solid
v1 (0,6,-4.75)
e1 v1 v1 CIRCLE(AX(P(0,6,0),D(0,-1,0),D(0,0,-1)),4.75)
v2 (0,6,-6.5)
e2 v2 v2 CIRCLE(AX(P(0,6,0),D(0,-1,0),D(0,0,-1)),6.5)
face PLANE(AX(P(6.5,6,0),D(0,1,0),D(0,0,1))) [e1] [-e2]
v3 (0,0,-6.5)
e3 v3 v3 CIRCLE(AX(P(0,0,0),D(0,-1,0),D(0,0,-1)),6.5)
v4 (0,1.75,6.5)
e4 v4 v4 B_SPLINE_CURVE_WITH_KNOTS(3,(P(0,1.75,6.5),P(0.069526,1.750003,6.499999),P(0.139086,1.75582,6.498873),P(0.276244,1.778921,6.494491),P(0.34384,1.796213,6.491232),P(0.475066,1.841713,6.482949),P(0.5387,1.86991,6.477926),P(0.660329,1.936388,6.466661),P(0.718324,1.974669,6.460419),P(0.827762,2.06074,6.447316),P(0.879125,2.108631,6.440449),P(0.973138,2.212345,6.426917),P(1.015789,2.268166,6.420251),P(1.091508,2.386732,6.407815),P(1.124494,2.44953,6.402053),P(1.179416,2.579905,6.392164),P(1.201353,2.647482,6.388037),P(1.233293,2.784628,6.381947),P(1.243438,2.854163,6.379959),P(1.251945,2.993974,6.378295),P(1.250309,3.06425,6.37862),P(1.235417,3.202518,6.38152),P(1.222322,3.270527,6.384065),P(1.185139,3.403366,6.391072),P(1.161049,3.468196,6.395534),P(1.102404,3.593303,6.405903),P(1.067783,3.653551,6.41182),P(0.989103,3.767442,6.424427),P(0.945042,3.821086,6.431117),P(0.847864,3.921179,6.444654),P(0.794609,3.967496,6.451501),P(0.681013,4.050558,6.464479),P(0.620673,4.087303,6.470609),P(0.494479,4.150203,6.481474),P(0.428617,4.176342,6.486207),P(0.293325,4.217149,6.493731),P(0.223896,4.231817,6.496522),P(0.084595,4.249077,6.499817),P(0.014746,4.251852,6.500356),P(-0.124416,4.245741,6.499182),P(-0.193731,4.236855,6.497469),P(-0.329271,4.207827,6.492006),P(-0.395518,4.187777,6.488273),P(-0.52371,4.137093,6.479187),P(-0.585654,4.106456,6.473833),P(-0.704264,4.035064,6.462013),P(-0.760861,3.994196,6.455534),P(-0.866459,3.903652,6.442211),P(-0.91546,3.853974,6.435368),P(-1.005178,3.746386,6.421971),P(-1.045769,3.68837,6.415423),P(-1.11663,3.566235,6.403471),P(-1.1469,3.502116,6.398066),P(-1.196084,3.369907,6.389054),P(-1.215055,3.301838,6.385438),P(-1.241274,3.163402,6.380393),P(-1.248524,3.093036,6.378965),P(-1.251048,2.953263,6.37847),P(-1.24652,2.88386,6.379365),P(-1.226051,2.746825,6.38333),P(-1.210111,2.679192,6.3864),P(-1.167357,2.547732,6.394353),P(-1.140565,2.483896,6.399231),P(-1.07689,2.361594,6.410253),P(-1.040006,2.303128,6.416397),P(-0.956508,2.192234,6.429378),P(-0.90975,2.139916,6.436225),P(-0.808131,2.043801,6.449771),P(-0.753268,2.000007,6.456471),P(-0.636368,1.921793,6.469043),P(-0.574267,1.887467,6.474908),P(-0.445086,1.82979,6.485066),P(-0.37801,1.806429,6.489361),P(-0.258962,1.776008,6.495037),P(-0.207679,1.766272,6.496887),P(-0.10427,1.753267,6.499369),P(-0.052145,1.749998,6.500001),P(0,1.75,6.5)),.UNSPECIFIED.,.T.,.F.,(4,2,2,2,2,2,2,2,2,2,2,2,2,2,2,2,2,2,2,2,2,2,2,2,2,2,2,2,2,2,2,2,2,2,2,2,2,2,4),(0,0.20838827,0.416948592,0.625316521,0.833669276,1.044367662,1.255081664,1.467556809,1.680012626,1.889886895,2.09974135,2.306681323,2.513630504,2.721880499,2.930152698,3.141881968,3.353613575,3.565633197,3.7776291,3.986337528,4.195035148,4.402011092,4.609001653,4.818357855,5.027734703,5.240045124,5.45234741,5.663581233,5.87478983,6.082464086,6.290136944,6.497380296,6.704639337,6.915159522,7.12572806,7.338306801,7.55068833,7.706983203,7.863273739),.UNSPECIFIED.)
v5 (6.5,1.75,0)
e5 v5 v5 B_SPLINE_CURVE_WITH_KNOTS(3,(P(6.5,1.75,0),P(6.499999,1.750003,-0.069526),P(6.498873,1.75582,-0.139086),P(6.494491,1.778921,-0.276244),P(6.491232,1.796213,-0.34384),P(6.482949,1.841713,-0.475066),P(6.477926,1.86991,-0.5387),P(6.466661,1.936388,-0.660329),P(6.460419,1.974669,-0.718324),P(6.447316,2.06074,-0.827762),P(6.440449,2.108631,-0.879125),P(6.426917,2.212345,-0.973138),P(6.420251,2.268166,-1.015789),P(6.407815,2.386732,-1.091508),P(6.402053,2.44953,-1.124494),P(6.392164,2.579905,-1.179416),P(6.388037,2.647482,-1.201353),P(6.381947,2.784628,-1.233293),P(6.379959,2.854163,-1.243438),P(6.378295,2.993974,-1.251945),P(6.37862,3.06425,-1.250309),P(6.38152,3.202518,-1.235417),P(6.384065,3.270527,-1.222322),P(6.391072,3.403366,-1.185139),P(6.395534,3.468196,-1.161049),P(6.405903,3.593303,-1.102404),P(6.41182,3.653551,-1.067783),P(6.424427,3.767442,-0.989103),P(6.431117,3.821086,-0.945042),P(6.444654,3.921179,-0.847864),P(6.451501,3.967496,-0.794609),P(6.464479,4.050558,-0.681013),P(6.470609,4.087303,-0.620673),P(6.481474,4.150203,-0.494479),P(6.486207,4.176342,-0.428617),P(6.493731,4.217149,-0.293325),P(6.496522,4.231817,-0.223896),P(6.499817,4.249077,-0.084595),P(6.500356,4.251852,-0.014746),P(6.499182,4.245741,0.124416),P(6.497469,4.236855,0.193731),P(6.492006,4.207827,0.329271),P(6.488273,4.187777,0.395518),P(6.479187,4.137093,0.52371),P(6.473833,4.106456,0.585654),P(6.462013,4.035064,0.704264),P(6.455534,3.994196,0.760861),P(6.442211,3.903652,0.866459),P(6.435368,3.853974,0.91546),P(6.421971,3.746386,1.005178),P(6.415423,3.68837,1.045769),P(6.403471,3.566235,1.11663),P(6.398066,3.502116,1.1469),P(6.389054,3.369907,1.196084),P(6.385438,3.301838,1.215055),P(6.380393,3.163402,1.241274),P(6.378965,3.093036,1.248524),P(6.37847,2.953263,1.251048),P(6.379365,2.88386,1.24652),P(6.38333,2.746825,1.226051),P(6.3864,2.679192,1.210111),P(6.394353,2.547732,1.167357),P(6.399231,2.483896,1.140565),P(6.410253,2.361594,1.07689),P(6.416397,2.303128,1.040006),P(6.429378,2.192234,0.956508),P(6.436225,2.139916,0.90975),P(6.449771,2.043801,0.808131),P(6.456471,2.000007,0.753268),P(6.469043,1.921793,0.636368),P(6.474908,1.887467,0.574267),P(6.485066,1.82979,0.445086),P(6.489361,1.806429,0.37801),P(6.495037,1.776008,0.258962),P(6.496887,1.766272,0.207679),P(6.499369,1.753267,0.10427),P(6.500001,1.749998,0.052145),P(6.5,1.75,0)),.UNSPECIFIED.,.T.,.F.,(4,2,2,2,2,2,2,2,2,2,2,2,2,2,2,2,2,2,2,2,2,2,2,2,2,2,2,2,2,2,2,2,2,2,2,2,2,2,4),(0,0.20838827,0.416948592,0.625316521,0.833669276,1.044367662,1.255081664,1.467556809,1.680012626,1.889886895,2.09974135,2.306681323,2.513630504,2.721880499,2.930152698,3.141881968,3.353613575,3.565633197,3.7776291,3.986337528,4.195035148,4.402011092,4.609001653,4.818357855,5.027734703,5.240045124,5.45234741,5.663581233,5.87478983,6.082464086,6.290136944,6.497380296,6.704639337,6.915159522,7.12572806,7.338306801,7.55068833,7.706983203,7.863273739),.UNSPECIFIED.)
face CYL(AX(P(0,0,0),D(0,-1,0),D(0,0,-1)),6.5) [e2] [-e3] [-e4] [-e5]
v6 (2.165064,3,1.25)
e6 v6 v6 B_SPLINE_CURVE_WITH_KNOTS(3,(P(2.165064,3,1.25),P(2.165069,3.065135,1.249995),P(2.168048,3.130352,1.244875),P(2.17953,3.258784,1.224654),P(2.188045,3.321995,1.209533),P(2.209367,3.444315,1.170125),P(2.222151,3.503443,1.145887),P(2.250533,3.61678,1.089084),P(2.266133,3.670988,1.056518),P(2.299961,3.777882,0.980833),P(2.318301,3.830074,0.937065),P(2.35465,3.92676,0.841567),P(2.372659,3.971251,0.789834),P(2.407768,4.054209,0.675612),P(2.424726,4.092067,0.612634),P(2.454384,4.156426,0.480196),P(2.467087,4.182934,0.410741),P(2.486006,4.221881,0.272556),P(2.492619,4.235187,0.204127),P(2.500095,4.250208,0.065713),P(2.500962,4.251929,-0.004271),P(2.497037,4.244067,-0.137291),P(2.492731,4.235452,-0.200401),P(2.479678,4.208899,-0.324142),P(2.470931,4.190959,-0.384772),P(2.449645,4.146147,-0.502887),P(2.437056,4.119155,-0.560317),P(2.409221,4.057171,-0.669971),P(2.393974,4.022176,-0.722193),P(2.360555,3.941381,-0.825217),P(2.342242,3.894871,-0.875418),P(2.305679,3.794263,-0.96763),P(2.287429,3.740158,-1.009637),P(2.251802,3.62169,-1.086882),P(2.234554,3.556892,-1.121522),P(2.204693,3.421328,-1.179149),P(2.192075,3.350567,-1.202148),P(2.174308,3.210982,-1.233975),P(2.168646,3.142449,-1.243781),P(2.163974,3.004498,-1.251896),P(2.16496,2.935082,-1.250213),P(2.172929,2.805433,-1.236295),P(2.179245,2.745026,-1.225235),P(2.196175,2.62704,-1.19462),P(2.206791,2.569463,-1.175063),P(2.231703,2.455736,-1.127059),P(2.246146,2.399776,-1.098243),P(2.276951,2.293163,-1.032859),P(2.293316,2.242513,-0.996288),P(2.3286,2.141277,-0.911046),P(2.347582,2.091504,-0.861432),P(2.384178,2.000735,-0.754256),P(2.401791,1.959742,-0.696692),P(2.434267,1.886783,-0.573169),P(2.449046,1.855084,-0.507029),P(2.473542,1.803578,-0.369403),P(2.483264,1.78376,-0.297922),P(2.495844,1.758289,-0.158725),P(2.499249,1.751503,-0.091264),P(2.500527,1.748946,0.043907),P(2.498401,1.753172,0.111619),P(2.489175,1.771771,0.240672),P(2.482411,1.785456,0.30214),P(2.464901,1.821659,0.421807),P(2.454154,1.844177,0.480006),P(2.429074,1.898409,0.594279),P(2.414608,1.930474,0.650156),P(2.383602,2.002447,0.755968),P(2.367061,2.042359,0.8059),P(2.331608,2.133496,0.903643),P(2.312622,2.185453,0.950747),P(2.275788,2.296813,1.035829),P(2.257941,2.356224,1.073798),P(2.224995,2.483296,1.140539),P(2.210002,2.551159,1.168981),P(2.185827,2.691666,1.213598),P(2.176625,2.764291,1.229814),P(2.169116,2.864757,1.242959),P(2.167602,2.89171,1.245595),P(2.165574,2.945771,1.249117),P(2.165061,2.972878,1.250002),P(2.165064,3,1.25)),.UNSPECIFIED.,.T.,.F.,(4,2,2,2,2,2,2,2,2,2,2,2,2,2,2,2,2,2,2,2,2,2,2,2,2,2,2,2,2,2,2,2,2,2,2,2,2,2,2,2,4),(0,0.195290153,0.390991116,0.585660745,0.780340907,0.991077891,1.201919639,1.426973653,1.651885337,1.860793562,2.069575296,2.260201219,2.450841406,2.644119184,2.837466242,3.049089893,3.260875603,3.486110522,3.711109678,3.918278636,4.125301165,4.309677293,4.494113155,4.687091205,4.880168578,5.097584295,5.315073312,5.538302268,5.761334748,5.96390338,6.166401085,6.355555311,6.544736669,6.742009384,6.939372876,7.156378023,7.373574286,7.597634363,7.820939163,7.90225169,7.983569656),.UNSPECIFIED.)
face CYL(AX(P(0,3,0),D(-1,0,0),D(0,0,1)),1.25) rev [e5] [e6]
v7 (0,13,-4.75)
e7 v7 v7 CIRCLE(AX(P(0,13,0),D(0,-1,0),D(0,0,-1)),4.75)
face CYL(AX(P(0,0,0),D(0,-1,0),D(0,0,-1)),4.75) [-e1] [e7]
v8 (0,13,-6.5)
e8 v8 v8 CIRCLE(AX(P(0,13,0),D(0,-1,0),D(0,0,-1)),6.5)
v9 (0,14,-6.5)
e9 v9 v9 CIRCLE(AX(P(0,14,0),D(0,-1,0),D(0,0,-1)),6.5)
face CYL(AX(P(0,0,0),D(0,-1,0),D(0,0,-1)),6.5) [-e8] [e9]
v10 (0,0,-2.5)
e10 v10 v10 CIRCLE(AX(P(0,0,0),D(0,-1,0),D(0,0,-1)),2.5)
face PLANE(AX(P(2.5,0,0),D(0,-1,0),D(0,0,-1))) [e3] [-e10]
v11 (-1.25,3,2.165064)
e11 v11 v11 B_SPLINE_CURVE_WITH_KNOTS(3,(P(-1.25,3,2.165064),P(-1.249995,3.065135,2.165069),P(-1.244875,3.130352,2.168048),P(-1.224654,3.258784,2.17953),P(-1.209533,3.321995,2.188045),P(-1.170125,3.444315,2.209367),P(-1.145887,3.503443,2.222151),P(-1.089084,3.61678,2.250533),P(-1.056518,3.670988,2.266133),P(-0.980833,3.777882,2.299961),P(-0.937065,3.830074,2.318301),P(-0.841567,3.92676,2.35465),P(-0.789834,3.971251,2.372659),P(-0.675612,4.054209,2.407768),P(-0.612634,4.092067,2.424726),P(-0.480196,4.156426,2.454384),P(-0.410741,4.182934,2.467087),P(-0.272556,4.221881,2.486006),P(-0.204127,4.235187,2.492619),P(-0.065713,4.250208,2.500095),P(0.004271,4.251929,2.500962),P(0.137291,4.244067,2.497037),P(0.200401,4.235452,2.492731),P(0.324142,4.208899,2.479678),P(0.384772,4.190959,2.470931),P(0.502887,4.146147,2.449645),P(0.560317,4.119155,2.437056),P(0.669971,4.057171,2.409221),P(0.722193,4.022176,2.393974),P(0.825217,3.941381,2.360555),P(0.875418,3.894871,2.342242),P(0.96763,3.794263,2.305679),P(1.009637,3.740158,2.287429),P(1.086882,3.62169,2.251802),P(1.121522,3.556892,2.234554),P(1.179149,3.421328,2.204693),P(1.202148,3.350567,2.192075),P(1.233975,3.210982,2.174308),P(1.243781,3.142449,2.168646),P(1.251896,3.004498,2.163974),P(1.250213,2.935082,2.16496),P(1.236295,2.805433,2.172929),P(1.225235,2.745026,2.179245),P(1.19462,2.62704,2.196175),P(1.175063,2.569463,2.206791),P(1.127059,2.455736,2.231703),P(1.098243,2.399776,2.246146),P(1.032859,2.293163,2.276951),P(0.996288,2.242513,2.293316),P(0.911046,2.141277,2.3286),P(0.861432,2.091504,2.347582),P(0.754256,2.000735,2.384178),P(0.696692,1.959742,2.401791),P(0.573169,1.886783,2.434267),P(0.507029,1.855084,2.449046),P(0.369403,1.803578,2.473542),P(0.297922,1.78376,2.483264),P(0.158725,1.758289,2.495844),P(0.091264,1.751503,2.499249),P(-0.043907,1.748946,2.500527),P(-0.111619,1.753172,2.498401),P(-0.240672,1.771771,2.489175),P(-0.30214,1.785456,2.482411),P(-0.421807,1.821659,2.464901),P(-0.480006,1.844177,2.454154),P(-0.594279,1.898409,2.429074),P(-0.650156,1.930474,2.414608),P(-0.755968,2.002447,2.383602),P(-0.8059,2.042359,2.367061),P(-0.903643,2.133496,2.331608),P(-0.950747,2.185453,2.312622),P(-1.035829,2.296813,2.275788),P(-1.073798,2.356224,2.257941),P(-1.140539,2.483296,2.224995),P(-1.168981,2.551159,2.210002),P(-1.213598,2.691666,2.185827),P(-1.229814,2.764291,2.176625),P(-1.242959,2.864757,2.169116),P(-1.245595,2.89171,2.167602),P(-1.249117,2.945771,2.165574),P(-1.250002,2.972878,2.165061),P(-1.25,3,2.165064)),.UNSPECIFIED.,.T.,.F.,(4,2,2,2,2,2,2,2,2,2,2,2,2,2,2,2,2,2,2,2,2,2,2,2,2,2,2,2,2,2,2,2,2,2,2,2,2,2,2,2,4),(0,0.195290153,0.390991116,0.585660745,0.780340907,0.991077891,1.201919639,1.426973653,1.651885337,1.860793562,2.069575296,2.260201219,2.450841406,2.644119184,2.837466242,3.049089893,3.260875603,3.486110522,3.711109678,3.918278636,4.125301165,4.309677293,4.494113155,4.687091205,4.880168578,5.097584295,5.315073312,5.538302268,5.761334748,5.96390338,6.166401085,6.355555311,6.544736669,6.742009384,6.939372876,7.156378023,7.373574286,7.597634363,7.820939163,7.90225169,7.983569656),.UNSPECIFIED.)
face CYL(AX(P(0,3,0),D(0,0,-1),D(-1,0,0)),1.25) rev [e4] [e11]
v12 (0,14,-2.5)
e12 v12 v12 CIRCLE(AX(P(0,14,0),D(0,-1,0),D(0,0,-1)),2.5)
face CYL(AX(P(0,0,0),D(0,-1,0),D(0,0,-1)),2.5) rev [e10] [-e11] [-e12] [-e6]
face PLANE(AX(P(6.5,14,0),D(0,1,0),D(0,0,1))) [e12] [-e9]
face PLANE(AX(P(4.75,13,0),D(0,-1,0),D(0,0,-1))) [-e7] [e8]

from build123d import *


with BuildPart() as part:
    # 草图1 → 旋转1 (revolve)
    with BuildSketch(Plane.XY, mode=Mode.PRIVATE) as revolve_1_sk:
        Polygon((2.5, 0), (6.5, 0), (6.5, 6), (4.75, 6), (4.75, 13), (6.5, 13), (6.5, 14), (2.5, 14), align=None)
    revolve(revolve_1_sk.sketch.rotate(Axis((0, 0, 0), (0, 1, 0)), 90), axis=Axis((0, 0, 0), (0, 1, 0)))

    # 草图3 → M3 螺纹孔1 (revolve, cut)
    with BuildSketch(Plane(origin=(0, 3, 0), x_dir=(0, 1, 0), z_dir=(1, 0, 0))):
        Polygon((0, 0), (0, 6.5), (1.25, 6.5), (1.25, 0.275), (1.525, 0), align=None)
    revolve(axis=Axis((0, 3, -6.35), (0, 0, 1)), mode=Mode.SUBTRACT)

    # 草图5 → M3 螺纹孔2 (revolve, cut)
    with BuildSketch(Plane.ZX.offset(3)):
        Polygon((0, 0), (0, 6.5), (1.25, 6.5), (1.25, 0.275), (1.525, 0), align=None)
    revolve(axis=Axis((-6.35, 3, 0), (1, 0, 0)), mode=Mode.SUBTRACT)


solid = part.part
